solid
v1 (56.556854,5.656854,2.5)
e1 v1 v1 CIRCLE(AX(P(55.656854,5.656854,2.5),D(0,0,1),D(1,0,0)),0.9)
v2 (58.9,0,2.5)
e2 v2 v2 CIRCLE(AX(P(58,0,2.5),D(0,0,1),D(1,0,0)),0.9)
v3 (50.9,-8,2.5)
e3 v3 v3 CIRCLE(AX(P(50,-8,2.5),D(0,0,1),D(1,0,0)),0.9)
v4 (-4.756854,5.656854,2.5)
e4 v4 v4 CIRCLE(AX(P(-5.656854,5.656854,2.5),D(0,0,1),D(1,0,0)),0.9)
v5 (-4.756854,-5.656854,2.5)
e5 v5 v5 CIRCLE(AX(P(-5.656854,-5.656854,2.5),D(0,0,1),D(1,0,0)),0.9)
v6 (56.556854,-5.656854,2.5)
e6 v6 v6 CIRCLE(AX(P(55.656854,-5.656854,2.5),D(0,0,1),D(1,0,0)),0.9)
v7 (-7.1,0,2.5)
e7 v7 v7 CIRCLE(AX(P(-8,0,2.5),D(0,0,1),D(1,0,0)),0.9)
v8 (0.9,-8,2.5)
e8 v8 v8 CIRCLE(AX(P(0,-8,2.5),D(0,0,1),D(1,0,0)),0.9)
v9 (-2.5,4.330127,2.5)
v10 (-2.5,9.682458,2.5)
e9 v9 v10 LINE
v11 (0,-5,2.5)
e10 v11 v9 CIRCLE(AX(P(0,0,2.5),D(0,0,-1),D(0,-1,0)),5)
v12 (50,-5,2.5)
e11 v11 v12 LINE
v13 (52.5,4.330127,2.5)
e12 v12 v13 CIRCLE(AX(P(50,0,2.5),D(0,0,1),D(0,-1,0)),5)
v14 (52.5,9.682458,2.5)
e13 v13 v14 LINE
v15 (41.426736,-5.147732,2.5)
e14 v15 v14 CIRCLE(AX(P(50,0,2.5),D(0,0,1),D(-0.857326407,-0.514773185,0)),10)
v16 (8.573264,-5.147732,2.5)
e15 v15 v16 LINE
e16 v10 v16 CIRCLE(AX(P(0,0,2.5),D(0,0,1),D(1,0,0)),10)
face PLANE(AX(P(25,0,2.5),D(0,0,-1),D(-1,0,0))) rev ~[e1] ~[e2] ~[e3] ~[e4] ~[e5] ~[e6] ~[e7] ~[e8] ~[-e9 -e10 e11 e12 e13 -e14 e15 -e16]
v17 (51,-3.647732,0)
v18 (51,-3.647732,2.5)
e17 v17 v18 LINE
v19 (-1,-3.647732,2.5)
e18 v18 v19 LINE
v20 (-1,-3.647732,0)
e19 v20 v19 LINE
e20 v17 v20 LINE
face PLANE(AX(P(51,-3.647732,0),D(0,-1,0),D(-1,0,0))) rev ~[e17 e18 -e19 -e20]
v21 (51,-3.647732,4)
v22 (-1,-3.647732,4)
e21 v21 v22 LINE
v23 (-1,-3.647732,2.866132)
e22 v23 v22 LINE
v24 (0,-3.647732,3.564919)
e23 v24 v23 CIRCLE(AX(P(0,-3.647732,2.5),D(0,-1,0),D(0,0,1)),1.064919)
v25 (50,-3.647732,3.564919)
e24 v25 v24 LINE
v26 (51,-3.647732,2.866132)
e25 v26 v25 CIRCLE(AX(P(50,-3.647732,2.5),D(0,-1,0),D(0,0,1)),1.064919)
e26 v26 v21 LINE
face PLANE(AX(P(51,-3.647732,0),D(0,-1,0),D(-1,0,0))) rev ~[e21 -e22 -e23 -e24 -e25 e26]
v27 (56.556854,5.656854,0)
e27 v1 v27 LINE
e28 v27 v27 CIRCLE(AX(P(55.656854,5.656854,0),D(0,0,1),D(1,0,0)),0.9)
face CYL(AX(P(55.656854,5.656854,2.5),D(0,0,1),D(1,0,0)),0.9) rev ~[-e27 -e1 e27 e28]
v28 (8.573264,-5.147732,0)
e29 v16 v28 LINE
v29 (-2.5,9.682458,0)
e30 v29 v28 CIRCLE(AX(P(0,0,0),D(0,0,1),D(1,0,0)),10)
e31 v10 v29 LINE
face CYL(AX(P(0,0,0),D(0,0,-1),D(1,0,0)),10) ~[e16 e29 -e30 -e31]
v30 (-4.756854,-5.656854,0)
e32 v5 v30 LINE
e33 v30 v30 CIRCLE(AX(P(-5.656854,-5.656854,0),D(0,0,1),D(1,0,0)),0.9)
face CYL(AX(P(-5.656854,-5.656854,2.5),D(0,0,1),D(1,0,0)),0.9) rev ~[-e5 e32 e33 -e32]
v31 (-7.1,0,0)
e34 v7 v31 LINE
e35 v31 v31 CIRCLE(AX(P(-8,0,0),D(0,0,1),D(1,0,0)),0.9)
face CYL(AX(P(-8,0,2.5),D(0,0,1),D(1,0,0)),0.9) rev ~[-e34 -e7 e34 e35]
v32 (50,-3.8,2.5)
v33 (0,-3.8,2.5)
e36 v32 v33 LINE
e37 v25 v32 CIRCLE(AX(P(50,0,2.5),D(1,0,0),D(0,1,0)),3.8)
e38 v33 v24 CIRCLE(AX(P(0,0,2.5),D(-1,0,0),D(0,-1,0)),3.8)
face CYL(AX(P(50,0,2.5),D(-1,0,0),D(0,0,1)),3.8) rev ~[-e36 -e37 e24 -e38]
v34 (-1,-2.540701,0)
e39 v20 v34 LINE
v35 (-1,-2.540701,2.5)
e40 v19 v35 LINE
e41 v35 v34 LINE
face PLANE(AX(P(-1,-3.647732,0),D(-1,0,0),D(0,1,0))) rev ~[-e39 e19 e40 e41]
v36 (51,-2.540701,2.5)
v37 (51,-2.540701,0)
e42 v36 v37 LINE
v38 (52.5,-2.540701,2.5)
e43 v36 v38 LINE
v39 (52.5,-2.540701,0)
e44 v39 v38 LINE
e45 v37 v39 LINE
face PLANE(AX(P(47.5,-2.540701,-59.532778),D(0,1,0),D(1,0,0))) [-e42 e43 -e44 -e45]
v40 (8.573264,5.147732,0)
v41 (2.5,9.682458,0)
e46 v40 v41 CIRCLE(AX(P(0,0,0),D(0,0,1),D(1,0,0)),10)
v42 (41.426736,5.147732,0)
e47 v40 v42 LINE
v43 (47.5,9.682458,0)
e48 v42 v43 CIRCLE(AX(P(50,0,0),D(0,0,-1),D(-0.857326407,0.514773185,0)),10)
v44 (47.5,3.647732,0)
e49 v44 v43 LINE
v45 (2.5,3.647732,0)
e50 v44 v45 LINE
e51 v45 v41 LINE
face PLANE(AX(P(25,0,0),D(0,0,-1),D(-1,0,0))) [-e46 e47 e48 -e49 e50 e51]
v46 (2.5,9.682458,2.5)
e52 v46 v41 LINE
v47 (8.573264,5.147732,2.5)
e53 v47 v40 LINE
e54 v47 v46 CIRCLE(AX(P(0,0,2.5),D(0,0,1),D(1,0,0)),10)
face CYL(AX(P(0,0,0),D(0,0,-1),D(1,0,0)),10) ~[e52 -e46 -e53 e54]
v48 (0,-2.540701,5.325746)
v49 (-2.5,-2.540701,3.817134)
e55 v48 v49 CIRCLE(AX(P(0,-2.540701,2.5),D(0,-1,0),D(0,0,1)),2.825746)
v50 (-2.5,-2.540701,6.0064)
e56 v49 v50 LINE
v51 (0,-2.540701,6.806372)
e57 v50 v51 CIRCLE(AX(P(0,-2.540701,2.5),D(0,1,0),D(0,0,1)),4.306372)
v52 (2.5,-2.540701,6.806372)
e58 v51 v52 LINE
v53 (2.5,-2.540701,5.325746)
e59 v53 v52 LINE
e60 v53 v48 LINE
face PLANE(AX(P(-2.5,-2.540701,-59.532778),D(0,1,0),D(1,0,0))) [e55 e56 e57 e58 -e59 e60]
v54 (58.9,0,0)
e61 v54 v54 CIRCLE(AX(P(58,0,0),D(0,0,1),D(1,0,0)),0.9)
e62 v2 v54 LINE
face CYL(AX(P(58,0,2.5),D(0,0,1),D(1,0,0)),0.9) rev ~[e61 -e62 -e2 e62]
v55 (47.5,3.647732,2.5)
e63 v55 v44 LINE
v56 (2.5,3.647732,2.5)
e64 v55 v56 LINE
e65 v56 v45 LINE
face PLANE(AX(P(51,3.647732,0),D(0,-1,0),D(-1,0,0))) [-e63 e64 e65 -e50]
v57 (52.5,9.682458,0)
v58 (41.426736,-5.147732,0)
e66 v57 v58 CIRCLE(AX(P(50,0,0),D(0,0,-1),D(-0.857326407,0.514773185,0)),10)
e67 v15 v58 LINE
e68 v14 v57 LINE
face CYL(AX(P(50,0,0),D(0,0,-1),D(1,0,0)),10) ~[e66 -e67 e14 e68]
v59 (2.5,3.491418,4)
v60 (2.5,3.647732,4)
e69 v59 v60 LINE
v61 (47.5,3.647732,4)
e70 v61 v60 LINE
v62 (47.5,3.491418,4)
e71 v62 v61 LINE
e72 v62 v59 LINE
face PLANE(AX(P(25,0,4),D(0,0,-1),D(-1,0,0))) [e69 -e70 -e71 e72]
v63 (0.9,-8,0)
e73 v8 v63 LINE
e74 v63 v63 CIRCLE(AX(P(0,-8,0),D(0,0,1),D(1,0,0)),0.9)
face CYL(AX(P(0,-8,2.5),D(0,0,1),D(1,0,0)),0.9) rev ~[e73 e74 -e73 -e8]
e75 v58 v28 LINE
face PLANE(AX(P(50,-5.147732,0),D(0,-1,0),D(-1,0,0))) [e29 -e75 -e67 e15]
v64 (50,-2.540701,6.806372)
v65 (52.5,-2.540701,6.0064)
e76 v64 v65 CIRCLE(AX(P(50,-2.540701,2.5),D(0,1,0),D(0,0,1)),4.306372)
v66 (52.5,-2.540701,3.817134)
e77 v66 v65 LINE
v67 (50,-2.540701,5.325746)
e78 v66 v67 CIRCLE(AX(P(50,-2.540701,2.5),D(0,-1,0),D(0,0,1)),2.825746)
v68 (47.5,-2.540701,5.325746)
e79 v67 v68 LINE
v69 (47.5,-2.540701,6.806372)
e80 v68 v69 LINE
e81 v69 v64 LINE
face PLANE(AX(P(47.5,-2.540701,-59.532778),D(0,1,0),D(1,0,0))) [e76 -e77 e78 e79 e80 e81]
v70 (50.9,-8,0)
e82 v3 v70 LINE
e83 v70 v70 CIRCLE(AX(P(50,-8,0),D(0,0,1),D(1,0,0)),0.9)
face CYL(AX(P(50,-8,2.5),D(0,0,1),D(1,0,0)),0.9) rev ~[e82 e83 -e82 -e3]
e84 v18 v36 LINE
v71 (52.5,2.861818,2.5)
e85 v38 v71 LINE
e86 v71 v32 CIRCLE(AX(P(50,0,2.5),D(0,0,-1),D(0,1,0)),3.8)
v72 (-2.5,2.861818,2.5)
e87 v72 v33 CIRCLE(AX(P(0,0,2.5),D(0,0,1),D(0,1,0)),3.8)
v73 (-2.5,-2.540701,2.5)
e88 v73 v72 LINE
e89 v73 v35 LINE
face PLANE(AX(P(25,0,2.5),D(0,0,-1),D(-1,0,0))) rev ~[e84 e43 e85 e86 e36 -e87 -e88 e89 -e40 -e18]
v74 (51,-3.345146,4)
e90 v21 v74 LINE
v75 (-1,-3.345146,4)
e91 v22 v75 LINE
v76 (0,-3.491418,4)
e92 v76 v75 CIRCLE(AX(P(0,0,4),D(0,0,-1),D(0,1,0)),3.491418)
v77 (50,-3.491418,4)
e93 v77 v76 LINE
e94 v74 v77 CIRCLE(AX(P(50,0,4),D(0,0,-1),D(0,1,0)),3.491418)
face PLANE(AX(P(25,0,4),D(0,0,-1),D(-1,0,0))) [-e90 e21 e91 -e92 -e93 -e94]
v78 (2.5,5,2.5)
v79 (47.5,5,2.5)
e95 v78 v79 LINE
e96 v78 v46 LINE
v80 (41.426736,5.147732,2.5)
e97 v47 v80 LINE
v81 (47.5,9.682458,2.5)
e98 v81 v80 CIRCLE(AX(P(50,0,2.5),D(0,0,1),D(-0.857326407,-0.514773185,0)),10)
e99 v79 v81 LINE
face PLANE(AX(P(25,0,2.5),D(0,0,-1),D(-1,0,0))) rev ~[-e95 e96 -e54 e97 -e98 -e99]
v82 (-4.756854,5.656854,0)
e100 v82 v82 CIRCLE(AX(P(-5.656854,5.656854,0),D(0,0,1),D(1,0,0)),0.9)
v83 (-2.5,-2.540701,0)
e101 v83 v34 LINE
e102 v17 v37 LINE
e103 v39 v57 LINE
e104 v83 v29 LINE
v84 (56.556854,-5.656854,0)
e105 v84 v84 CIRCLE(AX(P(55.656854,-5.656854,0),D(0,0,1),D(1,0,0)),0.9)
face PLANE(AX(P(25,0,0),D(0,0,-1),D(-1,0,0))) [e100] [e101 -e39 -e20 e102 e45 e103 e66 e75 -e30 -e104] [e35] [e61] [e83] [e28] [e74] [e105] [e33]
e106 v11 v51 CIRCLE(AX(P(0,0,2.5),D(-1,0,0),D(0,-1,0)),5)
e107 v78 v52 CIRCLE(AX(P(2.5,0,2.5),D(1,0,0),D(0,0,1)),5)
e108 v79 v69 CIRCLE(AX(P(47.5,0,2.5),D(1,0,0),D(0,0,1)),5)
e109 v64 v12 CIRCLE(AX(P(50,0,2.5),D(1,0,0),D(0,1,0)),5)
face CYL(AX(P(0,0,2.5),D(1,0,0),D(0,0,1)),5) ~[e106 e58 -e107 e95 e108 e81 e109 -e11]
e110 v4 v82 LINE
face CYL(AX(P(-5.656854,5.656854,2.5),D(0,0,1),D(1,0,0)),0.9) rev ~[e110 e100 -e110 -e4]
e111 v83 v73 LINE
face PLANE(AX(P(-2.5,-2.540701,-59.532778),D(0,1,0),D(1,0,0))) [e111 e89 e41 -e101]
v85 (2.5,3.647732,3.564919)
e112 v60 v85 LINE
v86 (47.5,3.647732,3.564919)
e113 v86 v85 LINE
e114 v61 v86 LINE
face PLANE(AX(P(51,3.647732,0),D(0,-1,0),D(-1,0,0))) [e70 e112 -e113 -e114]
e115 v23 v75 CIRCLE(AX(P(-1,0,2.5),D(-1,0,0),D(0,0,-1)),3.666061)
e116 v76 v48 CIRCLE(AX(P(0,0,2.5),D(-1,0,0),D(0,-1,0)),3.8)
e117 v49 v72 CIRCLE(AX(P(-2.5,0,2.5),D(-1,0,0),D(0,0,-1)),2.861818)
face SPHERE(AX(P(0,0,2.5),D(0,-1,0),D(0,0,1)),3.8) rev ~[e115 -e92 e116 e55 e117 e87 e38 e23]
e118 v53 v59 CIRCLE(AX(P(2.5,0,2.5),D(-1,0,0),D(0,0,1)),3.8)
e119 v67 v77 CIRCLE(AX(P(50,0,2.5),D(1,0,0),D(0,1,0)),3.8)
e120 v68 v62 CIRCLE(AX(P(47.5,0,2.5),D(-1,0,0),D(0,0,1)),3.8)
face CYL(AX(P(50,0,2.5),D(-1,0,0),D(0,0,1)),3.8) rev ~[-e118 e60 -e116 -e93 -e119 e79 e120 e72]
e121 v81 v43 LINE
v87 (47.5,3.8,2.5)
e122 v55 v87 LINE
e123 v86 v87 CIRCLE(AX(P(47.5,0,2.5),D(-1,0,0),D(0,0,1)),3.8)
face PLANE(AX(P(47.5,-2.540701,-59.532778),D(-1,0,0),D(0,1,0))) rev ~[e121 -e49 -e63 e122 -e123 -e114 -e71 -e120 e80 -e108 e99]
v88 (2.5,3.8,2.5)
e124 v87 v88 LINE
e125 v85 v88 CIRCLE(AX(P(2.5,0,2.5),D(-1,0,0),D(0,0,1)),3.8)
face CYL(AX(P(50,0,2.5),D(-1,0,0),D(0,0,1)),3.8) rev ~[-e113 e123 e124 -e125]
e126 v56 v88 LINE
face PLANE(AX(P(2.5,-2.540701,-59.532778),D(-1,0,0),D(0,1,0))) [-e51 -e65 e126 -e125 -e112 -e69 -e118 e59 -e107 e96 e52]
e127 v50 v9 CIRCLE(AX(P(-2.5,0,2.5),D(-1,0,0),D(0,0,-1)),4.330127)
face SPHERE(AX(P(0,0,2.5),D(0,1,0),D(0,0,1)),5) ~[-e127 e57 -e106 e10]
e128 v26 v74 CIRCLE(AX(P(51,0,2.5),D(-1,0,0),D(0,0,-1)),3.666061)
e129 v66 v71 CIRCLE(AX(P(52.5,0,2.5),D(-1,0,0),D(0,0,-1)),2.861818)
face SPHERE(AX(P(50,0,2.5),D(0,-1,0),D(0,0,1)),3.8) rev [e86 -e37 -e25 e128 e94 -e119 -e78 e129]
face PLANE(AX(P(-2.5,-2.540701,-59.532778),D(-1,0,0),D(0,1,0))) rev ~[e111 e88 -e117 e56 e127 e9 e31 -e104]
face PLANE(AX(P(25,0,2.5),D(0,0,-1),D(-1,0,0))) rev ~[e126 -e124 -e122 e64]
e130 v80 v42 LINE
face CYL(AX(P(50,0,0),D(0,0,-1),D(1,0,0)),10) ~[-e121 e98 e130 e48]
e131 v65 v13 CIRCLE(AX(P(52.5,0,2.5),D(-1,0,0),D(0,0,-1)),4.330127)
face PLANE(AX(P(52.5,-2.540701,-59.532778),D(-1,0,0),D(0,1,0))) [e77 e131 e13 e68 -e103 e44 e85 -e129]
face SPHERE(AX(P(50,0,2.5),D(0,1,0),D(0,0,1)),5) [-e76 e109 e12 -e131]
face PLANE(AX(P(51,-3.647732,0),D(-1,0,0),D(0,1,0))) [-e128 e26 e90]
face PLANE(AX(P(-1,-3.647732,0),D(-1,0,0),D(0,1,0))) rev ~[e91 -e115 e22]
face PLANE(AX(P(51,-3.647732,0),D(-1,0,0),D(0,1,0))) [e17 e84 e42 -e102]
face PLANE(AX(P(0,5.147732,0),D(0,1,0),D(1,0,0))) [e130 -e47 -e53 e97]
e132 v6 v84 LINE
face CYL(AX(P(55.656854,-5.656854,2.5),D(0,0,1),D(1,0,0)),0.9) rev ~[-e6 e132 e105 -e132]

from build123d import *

# Parameters (mm, degrees)
ESQUISSE1_R                  = 2.45
BOSS_EXTRU_1_DEPTH           = 2.5
BOSS_EXTRU_4_START           = -2.5
ESQUISSE4_R                  = 10
ESQUISSE4_R_2                = 2.45
BOSS_EXTRU_4_DEPTH           = 2.5
ESQUISSE5_R                  = 0.9
ENL_V_MAT_EXTRU_3_DEPTH      = 10
R_VOLUTION1_ANGLE            = 90
R_VOLUTION1_OTHER_WAY_ANGLE  = 90
R_VOLUTION2_ANGLE            = 90
R_VOLUTION3_ANGLE            = 90
ESQUISSE9_W                  = 52
ESQUISSE9_H                  = 7.295463698
ENL_V_MAT_EXTRU_4_DEPTH      = 4
ENL_V_MAT_EXTRU_5_DEPTH      = 62.032778079
ENL_V_MAT_EXTRU_5_DEPTH_BACK = 62.032778079
ESQUISSE10_W                 = 5
ESQUISSE10_H                 = 14.990995253


with BuildPart() as part:
    # Esquisse1 → Boss.-Extru.1 (new body)
    with BuildSketch(Plane.XY):
        with BuildLine():
            Line((0, 5.147731849), (50, 5.147731849))
            ThreePointArc((50, 5.147731849), (55.147731849, 0), (50, -5.147731849))
            Line((50, -5.147731849), (0, -5.147731849))
            ThreePointArc((0, -5.147731849), (-5.147731849, 0), (0, 5.147731849))
        make_face()
        Circle(ESQUISSE1_R, mode=Mode.SUBTRACT)
        with Locations((50, 0)):
            Circle(ESQUISSE1_R, mode=Mode.SUBTRACT)
    extrude(amount=BOSS_EXTRU_1_DEPTH)

    # Esquisse4 → Boss.-Extru.4 (add)
    # profile 1 of 2: a face of its own
    with BuildSketch(Plane.XY.offset(2.5).offset(BOSS_EXTRU_4_START)):
        Circle(ESQUISSE4_R)
        Circle(ESQUISSE4_R_2, mode=Mode.SUBTRACT)
    # profile 2 of 2: a face of its own
    with BuildSketch(Plane.XY.offset(2.5).offset(BOSS_EXTRU_4_START)):
        with Locations((50, 0)):
            Circle(ESQUISSE4_R)
        with Locations((50, 0)):
            Circle(ESQUISSE4_R_2, mode=Mode.SUBTRACT)
    extrude(amount=BOSS_EXTRU_4_DEPTH)

    # Esquisse5 → Enlèv. mat.-Extru.3 (cut)
    with BuildSketch(Plane.XY.offset(2.5)):
        with Locations((-8, 0)):
            Circle(ESQUISSE5_R)
        with Locations((-5.656854249, 5.656854249)):
            Circle(ESQUISSE5_R)
        with Locations((0, 8)):
            Circle(ESQUISSE5_R)
        with Locations((0, -8)):
            Circle(ESQUISSE5_R)
        with Locations((-5.656854249, -5.656854249)):
            Circle(ESQUISSE5_R)
        with Locations((50, -8)):
            Circle(ESQUISSE5_R)
        with Locations((55.656854249, -5.656854249)):
            Circle(ESQUISSE5_R)
        with Locations((58, 0)):
            Circle(ESQUISSE5_R)
        with Locations((55.656854249, 5.656854249)):
            Circle(ESQUISSE5_R)
        with Locations((50, 8)):
            Circle(ESQUISSE5_R)
    extrude(amount=-ENL_V_MAT_EXTRU_3_DEPTH, mode=Mode.SUBTRACT)

    # Esquisse6 → Révolution1 (revolve)
    with BuildSketch(Plane(origin=(0, 0, 0), x_dir=(1, 0, 0), z_dir=(0, 1, 0))):
        Polygon((8.57326407, -6.3), (41.42673593, -6.3), (50, -6.3), (50, -7.5), (41.42673593, -7.5), (8.57326407, -7.5), (0, -7.5), (0, -6.3), align=None)
    revolve(axis=Axis((8.57326407, 0, 2.5), (1, 0, 0)), revolution_arc=R_VOLUTION1_ANGLE)

    # Esquisse6 → Révolution1 other way (revolve)
    with BuildSketch(Plane(origin=(0, 0, 0), x_dir=(1, 0, 0), z_dir=(0, 1, 0))):
        Polygon((8.57326407, -6.3), (41.42673593, -6.3), (50, -6.3), (50, -7.5), (41.42673593, -7.5), (8.57326407, -7.5), (0, -7.5), (0, -6.3), align=None)
    revolve(axis=Axis((8.57326407, 0, 2.5), (-1, 0, 0)), revolution_arc=R_VOLUTION1_OTHER_WAY_ANGLE)

    # Esquisse7 → Révolution2 (revolve)
    with BuildSketch(Plane.ZY):
        with BuildLine():
            Line((2.5, 5), (2.5, 3.8))
            ThreePointArc((2.5, 3.8), (6.3, 0), (2.5, -3.8))
            Line((2.5, -3.8), (2.5, -5))
            ThreePointArc((2.5, -5), (7.5, 0), (2.5, 5))
        make_face()
    revolve(axis=Axis((0, 5, 2.5), (0, -1, 0)), revolution_arc=R_VOLUTION2_ANGLE)

    # Esquisse8 → Révolution3 (revolve)
    with BuildSketch(Plane(origin=(50, 0, 0), x_dir=(0, 0, -1), z_dir=(1, 0, 0))):
        with BuildLine():
            Line((-2.5, 5), (-2.5, 3.8))
            ThreePointArc((-2.5, 3.8), (-6.3, 0), (-2.5, -3.8))
            Line((-2.5, -3.8), (-2.5, -5))
            ThreePointArc((-2.5, -5), (-7.5, 0), (-2.5, 5))
        make_face()
    revolve(axis=Axis((50, 5, 2.5), (0, 1, 0)), revolution_arc=R_VOLUTION3_ANGLE)

    # Esquisse9 → Enlèv. mat.-Extru.4 (cut)
    with BuildSketch(Plane(origin=(0, 0, 0), x_dir=(-1, 0, 0), z_dir=(0, 0, -1))):
        with Locations((-25, 0)):
            Rectangle(ESQUISSE9_W, ESQUISSE9_H)
    extrude(amount=-ENL_V_MAT_EXTRU_4_DEPTH, mode=Mode.SUBTRACT)

    # Esquisse10 → Enlèv. mat.-Extru.5 (cut, two sides: drawn at the far end of the back side and taken through both)
    with BuildSketch(Plane.XY.offset(2.5).offset(-ENL_V_MAT_EXTRU_5_DEPTH_BACK)):
        with Locations((0, 4.954797126)):
            Rectangle(ESQUISSE10_W, ESQUISSE10_H)
        with Locations((50, 4.954797126)):
            Rectangle(ESQUISSE10_W, ESQUISSE10_H)
    extrude(amount=ENL_V_MAT_EXTRU_5_DEPTH + ENL_V_MAT_EXTRU_5_DEPTH_BACK, mode=Mode.SUBTRACT)


solid = part.part
